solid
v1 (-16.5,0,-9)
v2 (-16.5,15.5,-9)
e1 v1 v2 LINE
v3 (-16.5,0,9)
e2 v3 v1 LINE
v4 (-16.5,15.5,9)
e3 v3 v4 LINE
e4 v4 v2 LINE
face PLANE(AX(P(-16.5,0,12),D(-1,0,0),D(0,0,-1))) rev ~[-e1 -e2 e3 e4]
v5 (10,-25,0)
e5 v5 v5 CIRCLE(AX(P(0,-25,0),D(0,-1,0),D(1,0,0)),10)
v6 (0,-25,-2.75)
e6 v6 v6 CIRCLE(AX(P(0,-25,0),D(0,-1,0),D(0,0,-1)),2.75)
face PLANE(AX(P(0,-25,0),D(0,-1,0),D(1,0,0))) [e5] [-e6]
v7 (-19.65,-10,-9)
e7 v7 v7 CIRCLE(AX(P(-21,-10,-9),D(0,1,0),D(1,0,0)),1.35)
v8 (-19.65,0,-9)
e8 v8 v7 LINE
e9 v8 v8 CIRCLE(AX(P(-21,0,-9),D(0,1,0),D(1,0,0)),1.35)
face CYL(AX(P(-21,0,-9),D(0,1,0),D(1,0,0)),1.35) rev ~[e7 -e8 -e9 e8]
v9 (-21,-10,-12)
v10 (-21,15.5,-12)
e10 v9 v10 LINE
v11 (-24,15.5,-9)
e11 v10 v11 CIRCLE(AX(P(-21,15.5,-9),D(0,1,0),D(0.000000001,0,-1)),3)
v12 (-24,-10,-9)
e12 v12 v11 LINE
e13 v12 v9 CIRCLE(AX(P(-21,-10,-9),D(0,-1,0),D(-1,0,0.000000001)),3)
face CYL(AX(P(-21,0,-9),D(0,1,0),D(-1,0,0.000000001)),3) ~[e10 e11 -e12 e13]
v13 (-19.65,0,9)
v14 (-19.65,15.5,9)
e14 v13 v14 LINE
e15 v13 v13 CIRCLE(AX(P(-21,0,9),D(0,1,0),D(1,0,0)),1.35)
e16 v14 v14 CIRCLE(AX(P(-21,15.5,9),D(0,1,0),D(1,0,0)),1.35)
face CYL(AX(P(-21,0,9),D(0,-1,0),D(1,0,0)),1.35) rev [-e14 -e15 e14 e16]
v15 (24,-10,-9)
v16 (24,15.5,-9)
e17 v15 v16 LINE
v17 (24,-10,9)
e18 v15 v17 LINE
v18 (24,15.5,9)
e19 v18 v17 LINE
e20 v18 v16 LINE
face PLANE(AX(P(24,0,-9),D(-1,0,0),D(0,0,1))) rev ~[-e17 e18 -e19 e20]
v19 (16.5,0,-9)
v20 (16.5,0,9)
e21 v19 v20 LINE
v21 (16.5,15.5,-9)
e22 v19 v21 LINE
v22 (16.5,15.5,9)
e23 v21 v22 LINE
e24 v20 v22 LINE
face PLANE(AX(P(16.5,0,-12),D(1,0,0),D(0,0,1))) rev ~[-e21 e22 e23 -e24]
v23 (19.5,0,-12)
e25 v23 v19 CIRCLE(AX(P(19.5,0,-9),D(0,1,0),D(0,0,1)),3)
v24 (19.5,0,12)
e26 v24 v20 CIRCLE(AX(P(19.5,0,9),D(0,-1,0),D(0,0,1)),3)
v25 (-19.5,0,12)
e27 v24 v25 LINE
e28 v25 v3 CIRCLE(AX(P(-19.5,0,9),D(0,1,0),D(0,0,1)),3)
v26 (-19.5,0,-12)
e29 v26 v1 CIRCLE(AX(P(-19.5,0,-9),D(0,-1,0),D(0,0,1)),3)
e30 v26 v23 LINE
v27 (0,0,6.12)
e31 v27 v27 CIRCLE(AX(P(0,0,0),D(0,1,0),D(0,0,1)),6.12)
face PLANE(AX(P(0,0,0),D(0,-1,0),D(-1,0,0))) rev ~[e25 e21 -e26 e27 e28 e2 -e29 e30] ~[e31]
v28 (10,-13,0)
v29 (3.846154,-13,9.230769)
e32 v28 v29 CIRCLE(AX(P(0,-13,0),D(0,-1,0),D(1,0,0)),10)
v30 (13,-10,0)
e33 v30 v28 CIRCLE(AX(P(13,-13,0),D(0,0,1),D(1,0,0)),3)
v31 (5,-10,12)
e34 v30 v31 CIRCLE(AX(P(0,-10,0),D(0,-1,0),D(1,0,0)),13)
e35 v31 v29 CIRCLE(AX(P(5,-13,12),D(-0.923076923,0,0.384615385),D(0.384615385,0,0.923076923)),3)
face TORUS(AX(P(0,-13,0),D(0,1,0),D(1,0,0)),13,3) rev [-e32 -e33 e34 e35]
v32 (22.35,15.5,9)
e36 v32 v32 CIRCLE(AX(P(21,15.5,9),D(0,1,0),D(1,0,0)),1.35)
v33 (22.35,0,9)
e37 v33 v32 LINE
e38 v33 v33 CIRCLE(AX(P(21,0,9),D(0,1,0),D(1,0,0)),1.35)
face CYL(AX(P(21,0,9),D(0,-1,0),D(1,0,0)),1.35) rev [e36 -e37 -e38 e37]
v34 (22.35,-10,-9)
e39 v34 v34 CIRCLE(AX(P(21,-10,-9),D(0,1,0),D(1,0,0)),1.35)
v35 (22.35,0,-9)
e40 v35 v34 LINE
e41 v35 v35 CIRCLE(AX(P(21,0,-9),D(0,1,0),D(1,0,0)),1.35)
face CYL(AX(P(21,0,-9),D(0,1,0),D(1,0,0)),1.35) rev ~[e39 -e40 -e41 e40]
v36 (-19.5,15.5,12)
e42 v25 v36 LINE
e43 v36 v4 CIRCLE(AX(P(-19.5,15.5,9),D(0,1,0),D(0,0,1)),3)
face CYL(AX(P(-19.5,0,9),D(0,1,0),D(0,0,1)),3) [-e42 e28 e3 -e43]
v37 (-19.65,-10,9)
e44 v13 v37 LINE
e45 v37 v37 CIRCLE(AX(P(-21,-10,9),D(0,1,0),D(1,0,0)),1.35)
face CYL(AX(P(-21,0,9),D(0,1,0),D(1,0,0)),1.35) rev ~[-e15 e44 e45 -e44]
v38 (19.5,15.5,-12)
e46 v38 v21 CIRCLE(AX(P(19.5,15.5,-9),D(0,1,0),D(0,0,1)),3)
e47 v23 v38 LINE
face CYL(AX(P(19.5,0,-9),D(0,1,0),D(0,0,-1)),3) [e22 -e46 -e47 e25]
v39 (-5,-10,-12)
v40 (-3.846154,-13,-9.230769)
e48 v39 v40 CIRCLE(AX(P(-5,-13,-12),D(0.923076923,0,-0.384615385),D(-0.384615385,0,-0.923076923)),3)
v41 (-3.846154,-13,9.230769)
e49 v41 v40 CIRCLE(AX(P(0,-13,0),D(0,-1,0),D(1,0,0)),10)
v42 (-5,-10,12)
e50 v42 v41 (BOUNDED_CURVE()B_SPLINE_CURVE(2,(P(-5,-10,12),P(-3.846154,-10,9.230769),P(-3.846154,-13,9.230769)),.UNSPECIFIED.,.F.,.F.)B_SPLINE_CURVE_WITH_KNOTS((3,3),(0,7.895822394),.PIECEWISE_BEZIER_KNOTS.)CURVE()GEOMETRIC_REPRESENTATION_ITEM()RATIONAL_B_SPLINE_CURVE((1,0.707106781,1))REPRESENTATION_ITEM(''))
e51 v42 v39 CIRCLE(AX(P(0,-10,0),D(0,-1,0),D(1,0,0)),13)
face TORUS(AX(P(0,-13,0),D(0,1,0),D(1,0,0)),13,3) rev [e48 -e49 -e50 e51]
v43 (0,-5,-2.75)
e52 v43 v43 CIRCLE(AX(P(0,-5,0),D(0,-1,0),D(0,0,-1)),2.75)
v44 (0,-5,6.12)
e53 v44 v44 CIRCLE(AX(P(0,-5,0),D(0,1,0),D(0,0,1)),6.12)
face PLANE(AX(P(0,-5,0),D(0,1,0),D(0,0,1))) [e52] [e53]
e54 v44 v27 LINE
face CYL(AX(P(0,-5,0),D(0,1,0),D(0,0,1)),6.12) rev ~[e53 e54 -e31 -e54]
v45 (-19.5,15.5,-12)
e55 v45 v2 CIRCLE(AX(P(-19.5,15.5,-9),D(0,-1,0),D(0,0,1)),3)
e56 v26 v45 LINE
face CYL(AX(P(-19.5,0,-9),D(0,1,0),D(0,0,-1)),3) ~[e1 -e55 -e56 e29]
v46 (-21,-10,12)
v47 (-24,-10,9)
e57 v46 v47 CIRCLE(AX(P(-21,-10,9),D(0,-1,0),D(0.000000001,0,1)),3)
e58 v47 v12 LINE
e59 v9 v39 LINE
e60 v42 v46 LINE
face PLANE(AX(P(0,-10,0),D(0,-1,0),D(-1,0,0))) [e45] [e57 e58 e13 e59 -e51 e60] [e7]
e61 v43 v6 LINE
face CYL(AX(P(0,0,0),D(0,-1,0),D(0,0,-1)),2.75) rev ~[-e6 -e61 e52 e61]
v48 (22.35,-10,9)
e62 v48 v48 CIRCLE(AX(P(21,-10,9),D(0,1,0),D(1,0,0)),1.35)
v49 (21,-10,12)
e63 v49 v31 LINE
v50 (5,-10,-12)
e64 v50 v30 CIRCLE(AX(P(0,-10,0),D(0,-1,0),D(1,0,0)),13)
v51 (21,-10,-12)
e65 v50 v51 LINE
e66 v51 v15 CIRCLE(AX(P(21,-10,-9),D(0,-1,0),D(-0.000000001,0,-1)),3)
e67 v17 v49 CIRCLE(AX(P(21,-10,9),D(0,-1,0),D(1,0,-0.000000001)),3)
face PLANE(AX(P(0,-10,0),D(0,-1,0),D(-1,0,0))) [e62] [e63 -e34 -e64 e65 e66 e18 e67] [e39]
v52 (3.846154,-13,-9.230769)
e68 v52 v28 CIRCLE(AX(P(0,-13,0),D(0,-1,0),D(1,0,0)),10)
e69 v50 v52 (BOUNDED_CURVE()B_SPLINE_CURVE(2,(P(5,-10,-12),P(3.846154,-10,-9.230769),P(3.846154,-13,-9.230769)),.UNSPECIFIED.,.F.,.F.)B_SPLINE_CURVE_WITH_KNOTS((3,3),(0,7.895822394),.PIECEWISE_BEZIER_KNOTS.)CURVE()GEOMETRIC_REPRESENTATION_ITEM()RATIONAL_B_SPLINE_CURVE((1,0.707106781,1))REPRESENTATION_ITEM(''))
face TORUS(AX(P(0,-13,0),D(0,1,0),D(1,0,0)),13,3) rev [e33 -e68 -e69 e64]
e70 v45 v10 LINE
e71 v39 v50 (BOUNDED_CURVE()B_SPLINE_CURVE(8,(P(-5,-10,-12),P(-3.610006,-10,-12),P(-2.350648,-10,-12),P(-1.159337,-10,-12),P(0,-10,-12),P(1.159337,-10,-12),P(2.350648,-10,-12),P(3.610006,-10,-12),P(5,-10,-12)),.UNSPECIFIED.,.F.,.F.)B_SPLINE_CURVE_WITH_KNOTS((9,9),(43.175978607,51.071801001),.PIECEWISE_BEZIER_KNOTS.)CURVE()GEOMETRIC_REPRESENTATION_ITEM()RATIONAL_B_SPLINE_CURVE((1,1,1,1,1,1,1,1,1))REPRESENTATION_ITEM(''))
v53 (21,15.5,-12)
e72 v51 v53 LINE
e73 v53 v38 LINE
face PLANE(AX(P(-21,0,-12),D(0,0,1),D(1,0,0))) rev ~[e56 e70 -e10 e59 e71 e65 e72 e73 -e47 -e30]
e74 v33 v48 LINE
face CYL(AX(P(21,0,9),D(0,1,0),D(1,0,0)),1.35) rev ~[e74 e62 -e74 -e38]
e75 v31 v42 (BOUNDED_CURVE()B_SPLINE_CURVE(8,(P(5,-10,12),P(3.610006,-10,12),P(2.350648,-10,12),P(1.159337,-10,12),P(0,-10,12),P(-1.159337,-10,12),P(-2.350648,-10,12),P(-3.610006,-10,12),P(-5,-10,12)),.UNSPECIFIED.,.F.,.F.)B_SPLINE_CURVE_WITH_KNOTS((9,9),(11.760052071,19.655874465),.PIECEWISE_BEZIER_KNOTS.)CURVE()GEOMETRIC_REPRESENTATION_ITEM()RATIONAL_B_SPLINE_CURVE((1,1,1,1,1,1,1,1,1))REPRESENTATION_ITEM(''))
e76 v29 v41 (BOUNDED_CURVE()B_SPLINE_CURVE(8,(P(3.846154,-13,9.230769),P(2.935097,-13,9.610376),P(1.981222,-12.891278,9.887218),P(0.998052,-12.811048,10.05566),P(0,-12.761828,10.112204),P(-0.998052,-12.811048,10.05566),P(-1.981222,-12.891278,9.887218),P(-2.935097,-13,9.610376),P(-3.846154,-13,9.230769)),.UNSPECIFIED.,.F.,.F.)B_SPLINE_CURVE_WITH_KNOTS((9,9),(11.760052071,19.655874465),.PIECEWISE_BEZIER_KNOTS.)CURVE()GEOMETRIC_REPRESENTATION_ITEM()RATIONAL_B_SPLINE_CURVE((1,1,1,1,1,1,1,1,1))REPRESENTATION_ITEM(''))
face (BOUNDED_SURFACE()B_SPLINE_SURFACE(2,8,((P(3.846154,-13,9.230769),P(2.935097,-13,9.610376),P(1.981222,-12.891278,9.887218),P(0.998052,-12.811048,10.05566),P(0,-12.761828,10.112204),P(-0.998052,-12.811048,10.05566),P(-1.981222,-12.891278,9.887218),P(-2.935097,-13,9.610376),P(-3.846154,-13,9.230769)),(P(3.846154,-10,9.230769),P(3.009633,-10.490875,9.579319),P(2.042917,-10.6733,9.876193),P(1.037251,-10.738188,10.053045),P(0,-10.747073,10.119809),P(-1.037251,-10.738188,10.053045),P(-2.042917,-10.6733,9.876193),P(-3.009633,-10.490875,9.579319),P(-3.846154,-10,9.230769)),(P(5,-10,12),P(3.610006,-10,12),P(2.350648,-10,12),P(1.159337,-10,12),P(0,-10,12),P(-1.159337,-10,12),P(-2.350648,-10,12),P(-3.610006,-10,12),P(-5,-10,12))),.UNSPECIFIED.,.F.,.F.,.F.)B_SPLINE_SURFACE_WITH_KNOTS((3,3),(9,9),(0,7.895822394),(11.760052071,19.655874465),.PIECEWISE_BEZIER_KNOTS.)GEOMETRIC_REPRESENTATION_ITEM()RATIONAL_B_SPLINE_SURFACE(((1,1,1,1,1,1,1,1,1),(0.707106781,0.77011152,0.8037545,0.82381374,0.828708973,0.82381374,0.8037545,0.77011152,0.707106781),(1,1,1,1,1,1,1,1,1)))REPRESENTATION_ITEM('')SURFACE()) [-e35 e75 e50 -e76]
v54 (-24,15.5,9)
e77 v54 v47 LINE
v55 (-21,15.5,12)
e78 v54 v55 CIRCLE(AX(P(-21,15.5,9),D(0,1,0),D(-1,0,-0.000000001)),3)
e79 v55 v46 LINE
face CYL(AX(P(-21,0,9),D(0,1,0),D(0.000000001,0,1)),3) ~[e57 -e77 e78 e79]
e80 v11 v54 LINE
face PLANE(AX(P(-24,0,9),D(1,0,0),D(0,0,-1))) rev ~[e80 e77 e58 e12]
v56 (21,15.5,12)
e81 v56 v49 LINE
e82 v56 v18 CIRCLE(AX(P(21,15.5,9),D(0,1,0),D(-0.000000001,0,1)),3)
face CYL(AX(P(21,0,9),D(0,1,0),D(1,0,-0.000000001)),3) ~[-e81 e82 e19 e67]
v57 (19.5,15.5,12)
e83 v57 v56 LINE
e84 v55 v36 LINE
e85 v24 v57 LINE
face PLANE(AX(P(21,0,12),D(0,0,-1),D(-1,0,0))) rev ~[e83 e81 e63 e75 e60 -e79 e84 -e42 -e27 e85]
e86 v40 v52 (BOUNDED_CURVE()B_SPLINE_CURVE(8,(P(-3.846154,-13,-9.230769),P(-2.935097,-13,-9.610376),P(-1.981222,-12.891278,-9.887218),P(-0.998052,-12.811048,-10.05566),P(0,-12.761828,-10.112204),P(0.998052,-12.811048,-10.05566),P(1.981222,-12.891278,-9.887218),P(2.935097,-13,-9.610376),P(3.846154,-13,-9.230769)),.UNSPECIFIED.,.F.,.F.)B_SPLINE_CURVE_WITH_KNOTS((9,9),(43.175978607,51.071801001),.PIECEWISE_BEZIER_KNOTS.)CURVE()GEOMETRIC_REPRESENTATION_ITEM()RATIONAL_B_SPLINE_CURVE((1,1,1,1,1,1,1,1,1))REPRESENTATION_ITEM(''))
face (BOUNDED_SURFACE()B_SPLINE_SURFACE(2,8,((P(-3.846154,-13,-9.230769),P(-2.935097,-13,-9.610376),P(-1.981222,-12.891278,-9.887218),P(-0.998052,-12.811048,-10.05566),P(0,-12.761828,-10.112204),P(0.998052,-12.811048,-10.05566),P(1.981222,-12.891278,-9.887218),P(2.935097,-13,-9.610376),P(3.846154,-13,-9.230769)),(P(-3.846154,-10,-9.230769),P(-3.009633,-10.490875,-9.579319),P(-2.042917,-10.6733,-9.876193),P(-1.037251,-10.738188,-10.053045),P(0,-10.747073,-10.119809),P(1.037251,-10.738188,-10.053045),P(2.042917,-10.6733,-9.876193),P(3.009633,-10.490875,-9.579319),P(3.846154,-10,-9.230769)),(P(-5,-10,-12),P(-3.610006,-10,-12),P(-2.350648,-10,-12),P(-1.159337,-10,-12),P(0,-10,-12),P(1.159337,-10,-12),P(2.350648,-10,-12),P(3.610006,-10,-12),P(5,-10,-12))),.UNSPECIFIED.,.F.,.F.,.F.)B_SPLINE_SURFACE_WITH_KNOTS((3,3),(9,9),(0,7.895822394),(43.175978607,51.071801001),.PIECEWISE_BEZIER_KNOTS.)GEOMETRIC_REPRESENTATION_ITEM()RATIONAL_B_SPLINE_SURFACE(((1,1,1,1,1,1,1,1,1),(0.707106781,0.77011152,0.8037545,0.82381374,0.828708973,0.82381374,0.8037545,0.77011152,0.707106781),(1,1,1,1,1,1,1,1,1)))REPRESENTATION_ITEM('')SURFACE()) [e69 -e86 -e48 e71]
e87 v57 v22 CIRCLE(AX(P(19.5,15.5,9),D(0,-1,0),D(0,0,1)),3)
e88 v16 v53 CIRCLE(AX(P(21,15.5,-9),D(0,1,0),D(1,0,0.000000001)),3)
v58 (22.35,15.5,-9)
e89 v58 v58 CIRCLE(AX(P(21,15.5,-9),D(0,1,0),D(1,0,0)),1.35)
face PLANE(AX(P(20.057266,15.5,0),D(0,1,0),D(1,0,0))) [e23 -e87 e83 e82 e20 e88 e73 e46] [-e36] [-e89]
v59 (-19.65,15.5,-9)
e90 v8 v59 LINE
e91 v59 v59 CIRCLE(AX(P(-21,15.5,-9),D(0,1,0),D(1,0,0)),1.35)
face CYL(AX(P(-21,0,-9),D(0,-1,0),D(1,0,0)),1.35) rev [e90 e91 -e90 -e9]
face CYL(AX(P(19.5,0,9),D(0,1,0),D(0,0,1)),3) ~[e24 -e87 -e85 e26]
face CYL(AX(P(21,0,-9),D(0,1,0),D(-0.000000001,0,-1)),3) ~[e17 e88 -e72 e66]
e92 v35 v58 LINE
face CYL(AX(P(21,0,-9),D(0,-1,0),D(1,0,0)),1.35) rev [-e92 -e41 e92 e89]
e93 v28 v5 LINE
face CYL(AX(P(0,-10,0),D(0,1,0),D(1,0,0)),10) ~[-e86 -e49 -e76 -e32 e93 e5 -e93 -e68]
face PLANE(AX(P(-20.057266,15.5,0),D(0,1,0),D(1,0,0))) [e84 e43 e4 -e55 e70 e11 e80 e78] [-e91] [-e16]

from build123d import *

# Parameters (mm, degrees)
SKETCH1_R                               = 1.35
BOSS_EXTRUDE1_DEPTH                     = 15.5
BOSS_EXTRUDE1_2_DEPTH                   = 15.5
SKETCH2_R                               = 1.35
BOSS_EXTRUDE2_DEPTH                     = 10
SKETCH4_R                               = 10
BOSS_EXTRUDE3_DEPTH                     = 15
CBORE_FOR_M5_HEX_HEAD_BOLT1_D           = 5.5
CBORE_FOR_M5_HEX_HEAD_BOLT1_CBORE_D     = 12.24
CBORE_FOR_M5_HEX_HEAD_BOLT1_CBORE_DEPTH = 5
FILLET1_R                               = 3


with BuildPart() as part:
    # Sketch1 → Boss-Extrude1 (new body)
    with BuildSketch(Plane(origin=(0, 0, 0), x_dir=(1, 0, 0), z_dir=(0, 1, 0))):
        with BuildLine():
            Line((21, 12), (16.5, 12))
            Line((16.5, 12), (16.5, -12))
            Line((16.5, -12), (21, -12))
            ThreePointArc((21, -12), (23.121320344, -11.121320344), (24, -9))
            Line((24, -9), (24, 9))
            ThreePointArc((24, 9), (23.121320344, 11.121320344), (21, 12))
        make_face()
        with Locations((21, -9)):
            Circle(SKETCH1_R, mode=Mode.SUBTRACT)
        with Locations((21, 9)):
            Circle(SKETCH1_R, mode=Mode.SUBTRACT)
    extrude(amount=BOSS_EXTRUDE1_DEPTH)



with BuildPart() as body_2:
    # Sketch1 → Boss-Extrude1 2 (new body)
    with BuildSketch(Plane(origin=(0, 0, 0), x_dir=(1, 0, 0), z_dir=(0, 1, 0))):
        with BuildLine():
            Line((-16.5, 12), (-21, 12))
            ThreePointArc((-21, 12), (-23.121320344, 11.121320344), (-24, 9))
            Line((-24, 9), (-24, -9))
            ThreePointArc((-24, -9), (-23.121320344, -11.121320344), (-21, -12))
            Line((-21, -12), (-16.5, -12))
            Line((-16.5, -12), (-16.5, 12))
        make_face()
        with Locations((-21, -9)):
            Circle(SKETCH1_R, mode=Mode.SUBTRACT)
        with Locations((-21, 9)):
            Circle(SKETCH1_R, mode=Mode.SUBTRACT)
    extrude(amount=BOSS_EXTRUDE1_2_DEPTH)


with BuildPart() as part_1:
    add(part.part)

    add(body_2.part)  # Boss-Extrude2 merges body 2
    # Sketch2 → Boss-Extrude2 (add)
    with BuildSketch(Plane(origin=(0, 0, 0), x_dir=(1, 0, 0), z_dir=(0, 1, 0))):
        with BuildLine():
            Line((24, 9), (24, -9))
            ThreePointArc((24, -9), (23.121320344, -11.121320344), (21, -12))
            Line((21, -12), (16.5, -12))
            Line((16.5, -12), (-16.5, -12))
            Line((-16.5, -12), (-21, -12))
            ThreePointArc((-21, -12), (-23.121320344, -11.121320344), (-24, -9))
            Line((-24, -9), (-24, 9))
            ThreePointArc((-24, 9), (-23.121320344, 11.121320344), (-21, 12))
            Line((-21, 12), (-16.5, 12))
            Line((-16.5, 12), (16.5, 12))
            Line((16.5, 12), (21, 12))
            ThreePointArc((21, 12), (23.121320344, 11.121320344), (24, 9))
        make_face()
        with Locations((21, 9)):
            Circle(SKETCH2_R, mode=Mode.SUBTRACT)
        with Locations((21, -9)):
            Circle(SKETCH2_R, mode=Mode.SUBTRACT)
        with Locations((-21, 9)):
            Circle(SKETCH2_R, mode=Mode.SUBTRACT)
        with Locations((-21, -9)):
            Circle(SKETCH2_R, mode=Mode.SUBTRACT)
    extrude(amount=-BOSS_EXTRUDE2_DEPTH)

    # Sketch4 → Boss-Extrude3 (add)
    with BuildSketch(Plane.XZ.offset(10)):
        Circle(SKETCH4_R)
    extrude(amount=BOSS_EXTRUDE3_DEPTH)

    # CBORE for M5 Hex Head Bolt1 (through all)
    with Locations(Plane.ZX):
        with Locations((0, 0)):
            CounterBoreHole(CBORE_FOR_M5_HEX_HEAD_BOLT1_D / 2, CBORE_FOR_M5_HEX_HEAD_BOLT1_CBORE_D / 2, CBORE_FOR_M5_HEX_HEAD_BOLT1_CBORE_DEPTH)

    # Fillet1
    fillet1_edges = [part_1.edges().sort_by_distance(p)[0] for p in [
        (-16.5, 7.75, -12),
        (-16.5, 7.75, 12),
        (16.5, 7.75, -12),
        (16.5, 7.75, 12),
        (-10, -10, 0),
    ]]
    fillet(fillet1_edges, radius=FILLET1_R)


solid = part_1.part
